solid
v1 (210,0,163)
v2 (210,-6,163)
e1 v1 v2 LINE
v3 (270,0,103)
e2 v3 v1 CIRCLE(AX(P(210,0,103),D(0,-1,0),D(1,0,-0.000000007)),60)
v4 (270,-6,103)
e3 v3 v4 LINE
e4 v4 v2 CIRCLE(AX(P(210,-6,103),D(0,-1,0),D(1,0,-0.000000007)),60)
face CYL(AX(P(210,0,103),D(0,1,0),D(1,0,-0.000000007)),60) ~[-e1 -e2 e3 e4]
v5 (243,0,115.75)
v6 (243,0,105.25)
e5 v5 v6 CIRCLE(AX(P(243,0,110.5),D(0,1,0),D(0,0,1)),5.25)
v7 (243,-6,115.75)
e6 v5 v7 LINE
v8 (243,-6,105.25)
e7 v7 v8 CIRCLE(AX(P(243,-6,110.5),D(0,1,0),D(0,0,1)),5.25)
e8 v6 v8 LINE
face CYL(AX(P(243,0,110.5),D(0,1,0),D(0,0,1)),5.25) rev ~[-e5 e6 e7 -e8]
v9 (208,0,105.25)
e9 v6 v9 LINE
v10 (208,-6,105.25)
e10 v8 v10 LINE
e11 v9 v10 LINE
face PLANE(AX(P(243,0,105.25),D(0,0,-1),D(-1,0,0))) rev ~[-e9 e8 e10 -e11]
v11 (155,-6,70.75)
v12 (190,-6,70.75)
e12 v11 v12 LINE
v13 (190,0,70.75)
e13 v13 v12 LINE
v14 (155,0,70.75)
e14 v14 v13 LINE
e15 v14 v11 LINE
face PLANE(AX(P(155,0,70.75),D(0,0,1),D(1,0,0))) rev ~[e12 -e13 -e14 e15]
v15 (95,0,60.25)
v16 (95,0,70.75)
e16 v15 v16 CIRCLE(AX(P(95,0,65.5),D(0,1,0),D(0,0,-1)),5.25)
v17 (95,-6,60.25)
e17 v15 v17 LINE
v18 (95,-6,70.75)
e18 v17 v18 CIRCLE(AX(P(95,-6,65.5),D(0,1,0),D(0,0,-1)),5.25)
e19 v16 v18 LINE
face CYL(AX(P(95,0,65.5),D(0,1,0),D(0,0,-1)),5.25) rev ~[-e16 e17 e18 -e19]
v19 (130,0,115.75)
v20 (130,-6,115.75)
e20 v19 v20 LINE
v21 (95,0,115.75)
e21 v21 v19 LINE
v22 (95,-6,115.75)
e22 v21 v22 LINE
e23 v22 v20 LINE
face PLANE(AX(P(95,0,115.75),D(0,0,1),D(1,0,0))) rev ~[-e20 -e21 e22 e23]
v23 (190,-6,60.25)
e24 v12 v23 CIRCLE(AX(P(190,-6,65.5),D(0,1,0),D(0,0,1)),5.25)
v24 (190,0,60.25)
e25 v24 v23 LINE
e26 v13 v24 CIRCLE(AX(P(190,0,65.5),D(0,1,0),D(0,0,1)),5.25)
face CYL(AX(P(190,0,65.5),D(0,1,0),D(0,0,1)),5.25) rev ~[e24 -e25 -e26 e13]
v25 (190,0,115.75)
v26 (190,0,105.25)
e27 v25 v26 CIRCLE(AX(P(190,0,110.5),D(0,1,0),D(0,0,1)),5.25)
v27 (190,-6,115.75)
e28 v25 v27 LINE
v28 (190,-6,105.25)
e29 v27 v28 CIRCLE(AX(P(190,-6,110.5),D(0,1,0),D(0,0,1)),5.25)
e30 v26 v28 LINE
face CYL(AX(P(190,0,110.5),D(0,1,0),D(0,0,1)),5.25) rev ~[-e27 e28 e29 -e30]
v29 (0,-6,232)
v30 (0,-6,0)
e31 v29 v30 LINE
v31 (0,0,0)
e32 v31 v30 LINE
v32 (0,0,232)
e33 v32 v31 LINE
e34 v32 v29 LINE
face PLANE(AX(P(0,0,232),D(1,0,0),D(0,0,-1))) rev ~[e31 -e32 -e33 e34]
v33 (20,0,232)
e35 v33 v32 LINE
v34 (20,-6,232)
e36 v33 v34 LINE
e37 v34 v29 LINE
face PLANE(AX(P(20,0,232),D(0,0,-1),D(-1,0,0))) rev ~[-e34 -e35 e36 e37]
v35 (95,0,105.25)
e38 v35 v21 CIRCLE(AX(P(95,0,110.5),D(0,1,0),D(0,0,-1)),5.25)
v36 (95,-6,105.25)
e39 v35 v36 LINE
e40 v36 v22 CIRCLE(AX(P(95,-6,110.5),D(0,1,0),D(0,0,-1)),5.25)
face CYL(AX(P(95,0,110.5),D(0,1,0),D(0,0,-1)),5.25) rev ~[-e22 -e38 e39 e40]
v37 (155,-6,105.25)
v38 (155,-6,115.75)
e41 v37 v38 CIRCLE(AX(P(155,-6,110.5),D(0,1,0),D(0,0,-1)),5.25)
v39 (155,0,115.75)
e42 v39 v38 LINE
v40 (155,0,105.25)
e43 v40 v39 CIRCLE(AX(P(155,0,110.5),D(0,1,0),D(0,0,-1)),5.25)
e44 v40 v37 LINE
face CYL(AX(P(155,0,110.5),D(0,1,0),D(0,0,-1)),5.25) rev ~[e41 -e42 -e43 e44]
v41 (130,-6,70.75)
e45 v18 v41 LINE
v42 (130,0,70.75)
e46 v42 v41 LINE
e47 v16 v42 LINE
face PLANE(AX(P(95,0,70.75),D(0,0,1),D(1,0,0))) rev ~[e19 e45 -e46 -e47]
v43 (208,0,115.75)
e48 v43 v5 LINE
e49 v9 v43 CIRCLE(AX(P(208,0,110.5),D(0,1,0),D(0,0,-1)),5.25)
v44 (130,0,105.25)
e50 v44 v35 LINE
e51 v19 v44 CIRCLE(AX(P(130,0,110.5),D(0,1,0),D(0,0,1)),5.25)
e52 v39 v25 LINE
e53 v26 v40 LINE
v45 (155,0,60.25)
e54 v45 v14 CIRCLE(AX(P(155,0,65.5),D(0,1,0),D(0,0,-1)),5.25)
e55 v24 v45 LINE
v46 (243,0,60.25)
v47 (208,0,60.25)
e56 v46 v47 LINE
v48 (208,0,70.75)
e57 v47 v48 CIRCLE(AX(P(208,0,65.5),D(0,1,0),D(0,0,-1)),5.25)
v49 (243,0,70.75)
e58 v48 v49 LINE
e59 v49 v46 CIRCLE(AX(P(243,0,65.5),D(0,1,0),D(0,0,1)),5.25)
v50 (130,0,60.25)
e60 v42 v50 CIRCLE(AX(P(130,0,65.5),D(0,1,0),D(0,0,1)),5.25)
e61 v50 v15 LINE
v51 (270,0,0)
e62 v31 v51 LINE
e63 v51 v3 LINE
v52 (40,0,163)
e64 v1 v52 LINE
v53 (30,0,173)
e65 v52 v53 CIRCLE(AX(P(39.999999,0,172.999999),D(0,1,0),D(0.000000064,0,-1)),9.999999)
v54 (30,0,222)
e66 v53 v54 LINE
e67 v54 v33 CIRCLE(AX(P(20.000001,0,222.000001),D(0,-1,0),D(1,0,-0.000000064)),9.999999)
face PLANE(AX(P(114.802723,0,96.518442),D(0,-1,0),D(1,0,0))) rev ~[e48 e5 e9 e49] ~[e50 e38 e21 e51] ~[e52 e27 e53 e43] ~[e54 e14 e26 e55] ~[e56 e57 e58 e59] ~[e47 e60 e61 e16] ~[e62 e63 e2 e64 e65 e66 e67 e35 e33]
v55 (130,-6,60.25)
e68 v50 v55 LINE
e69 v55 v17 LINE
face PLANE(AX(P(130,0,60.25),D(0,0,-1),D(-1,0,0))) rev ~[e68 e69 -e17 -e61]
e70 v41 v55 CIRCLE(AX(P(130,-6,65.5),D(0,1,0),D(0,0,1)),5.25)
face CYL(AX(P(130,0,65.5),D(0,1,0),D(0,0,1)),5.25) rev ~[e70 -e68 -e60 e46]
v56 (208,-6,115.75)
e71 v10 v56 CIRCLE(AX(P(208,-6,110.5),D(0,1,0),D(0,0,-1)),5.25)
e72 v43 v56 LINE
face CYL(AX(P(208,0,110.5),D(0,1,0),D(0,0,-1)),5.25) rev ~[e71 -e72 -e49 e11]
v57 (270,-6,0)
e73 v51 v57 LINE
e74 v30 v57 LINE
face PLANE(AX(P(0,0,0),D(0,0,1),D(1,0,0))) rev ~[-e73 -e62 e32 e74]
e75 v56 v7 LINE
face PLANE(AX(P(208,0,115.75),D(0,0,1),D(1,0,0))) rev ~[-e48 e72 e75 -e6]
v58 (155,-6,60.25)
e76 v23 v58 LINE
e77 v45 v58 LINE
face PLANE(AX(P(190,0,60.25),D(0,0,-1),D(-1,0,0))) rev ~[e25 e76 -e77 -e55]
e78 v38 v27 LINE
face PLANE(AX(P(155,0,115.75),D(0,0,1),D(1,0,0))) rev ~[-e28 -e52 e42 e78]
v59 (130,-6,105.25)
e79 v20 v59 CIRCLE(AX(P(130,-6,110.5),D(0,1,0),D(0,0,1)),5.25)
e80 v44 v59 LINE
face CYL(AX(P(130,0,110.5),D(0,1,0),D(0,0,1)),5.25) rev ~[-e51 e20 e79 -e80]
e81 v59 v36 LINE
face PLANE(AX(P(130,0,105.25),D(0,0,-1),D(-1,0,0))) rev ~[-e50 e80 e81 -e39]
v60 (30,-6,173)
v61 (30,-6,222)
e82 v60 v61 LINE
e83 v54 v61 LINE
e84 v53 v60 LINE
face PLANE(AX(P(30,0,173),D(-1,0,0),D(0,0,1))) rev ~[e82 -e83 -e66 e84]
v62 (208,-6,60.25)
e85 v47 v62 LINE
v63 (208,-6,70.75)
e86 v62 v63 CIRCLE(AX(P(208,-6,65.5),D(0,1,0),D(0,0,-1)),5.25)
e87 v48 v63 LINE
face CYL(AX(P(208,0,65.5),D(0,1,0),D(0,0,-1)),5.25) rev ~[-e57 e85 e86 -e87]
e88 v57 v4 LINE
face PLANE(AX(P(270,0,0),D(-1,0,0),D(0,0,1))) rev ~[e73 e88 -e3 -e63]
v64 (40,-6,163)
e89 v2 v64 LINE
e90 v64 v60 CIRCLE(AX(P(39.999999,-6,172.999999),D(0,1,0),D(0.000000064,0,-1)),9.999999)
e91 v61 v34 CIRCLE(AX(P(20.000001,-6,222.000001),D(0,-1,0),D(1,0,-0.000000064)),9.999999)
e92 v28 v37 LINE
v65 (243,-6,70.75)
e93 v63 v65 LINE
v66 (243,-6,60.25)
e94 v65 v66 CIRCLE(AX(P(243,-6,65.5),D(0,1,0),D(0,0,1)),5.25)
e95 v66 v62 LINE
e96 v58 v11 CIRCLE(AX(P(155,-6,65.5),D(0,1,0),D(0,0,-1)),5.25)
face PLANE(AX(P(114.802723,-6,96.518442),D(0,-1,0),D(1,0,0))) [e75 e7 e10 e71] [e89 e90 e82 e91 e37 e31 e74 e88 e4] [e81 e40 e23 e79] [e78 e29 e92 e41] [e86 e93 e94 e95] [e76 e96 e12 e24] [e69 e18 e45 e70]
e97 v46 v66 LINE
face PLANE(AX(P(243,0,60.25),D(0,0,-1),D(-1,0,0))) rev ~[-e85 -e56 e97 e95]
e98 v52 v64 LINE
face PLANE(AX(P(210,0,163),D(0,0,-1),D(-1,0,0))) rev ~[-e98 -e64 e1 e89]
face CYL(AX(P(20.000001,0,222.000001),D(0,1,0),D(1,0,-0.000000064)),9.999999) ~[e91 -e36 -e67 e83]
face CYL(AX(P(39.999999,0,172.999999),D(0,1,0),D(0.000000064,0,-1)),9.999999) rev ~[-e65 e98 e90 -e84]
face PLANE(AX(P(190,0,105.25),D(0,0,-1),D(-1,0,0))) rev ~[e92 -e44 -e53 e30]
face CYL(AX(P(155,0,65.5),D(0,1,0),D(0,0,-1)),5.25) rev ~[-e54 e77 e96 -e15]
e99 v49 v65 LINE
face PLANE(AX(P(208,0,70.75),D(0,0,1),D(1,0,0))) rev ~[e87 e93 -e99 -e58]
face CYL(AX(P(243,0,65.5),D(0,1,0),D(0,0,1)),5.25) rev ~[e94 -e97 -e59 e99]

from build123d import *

# Parameters (mm, degrees)
F1_DEPTH = 6


with BuildPart() as f1:
    # F0 (on Front) → F1 (new body)
    with BuildSketch(Plane.XZ):
        with BuildLine():
            Line((0, 163), (0, 0))
            Line((0, 0), (270, 0))
            Line((270, 0), (270, 103))
            ThreePointArc((270, 103), (252.426407, 145.426407), (210, 163))
            Line((210, 163), (40, 163))
            ThreePointArc((40, 163), (32.928932, 165.928932), (30, 173))
            Line((30, 173), (30, 222))
            ThreePointArc((30, 222), (27.071068, 229.071068), (20, 232))
            Line((20, 232), (0, 232))
            Line((0, 232), (0, 163))
        make_face()
        with BuildLine():
            ThreePointArc((95, 60.25), (89.75, 65.5), (95, 70.75))
            Line((95, 70.75), (130, 70.75))
            ThreePointArc((130, 70.75), (135.25, 65.5), (130, 60.25))
            Line((130, 60.25), (95, 60.25))
        make_face(mode=Mode.SUBTRACT)
        with BuildLine():
            ThreePointArc((95, 105.25), (89.75, 110.5), (95, 115.75))
            Line((95, 115.75), (130, 115.75))
            ThreePointArc((130, 115.75), (135.25, 110.5), (130, 105.25))
            Line((130, 105.25), (95, 105.25))
        make_face(mode=Mode.SUBTRACT)
        with BuildLine():
            ThreePointArc((155, 60.25), (149.75, 65.5), (155, 70.75))
            Line((155, 70.75), (190, 70.75))
            ThreePointArc((190, 70.75), (195.25, 65.5), (190, 60.25))
            Line((190, 60.25), (155, 60.25))
        make_face(mode=Mode.SUBTRACT)
        with BuildLine():
            ThreePointArc((155, 105.25), (149.75, 110.5), (155, 115.75))
            Line((155, 115.75), (190, 115.75))
            ThreePointArc((190, 115.75), (195.25, 110.5), (190, 105.25))
            Line((190, 105.25), (155, 105.25))
        make_face(mode=Mode.SUBTRACT)
        with BuildLine():
            Line((243, 60.25), (208, 60.25))
            ThreePointArc((208, 60.25), (202.75, 65.5), (208, 70.75))
            Line((208, 70.75), (243, 70.75))
            ThreePointArc((243, 70.75), (248.25, 65.5), (243, 60.25))
        make_face(mode=Mode.SUBTRACT)
        with BuildLine():
            ThreePointArc((243, 115.75), (248.25, 110.5), (243, 105.25))
            Line((243, 105.25), (208, 105.25))
            ThreePointArc((208, 105.25), (202.75, 110.5), (208, 115.75))
            Line((208, 115.75), (243, 115.75))
        make_face(mode=Mode.SUBTRACT)
    extrude(amount=F1_DEPTH)


solid = f1.part
